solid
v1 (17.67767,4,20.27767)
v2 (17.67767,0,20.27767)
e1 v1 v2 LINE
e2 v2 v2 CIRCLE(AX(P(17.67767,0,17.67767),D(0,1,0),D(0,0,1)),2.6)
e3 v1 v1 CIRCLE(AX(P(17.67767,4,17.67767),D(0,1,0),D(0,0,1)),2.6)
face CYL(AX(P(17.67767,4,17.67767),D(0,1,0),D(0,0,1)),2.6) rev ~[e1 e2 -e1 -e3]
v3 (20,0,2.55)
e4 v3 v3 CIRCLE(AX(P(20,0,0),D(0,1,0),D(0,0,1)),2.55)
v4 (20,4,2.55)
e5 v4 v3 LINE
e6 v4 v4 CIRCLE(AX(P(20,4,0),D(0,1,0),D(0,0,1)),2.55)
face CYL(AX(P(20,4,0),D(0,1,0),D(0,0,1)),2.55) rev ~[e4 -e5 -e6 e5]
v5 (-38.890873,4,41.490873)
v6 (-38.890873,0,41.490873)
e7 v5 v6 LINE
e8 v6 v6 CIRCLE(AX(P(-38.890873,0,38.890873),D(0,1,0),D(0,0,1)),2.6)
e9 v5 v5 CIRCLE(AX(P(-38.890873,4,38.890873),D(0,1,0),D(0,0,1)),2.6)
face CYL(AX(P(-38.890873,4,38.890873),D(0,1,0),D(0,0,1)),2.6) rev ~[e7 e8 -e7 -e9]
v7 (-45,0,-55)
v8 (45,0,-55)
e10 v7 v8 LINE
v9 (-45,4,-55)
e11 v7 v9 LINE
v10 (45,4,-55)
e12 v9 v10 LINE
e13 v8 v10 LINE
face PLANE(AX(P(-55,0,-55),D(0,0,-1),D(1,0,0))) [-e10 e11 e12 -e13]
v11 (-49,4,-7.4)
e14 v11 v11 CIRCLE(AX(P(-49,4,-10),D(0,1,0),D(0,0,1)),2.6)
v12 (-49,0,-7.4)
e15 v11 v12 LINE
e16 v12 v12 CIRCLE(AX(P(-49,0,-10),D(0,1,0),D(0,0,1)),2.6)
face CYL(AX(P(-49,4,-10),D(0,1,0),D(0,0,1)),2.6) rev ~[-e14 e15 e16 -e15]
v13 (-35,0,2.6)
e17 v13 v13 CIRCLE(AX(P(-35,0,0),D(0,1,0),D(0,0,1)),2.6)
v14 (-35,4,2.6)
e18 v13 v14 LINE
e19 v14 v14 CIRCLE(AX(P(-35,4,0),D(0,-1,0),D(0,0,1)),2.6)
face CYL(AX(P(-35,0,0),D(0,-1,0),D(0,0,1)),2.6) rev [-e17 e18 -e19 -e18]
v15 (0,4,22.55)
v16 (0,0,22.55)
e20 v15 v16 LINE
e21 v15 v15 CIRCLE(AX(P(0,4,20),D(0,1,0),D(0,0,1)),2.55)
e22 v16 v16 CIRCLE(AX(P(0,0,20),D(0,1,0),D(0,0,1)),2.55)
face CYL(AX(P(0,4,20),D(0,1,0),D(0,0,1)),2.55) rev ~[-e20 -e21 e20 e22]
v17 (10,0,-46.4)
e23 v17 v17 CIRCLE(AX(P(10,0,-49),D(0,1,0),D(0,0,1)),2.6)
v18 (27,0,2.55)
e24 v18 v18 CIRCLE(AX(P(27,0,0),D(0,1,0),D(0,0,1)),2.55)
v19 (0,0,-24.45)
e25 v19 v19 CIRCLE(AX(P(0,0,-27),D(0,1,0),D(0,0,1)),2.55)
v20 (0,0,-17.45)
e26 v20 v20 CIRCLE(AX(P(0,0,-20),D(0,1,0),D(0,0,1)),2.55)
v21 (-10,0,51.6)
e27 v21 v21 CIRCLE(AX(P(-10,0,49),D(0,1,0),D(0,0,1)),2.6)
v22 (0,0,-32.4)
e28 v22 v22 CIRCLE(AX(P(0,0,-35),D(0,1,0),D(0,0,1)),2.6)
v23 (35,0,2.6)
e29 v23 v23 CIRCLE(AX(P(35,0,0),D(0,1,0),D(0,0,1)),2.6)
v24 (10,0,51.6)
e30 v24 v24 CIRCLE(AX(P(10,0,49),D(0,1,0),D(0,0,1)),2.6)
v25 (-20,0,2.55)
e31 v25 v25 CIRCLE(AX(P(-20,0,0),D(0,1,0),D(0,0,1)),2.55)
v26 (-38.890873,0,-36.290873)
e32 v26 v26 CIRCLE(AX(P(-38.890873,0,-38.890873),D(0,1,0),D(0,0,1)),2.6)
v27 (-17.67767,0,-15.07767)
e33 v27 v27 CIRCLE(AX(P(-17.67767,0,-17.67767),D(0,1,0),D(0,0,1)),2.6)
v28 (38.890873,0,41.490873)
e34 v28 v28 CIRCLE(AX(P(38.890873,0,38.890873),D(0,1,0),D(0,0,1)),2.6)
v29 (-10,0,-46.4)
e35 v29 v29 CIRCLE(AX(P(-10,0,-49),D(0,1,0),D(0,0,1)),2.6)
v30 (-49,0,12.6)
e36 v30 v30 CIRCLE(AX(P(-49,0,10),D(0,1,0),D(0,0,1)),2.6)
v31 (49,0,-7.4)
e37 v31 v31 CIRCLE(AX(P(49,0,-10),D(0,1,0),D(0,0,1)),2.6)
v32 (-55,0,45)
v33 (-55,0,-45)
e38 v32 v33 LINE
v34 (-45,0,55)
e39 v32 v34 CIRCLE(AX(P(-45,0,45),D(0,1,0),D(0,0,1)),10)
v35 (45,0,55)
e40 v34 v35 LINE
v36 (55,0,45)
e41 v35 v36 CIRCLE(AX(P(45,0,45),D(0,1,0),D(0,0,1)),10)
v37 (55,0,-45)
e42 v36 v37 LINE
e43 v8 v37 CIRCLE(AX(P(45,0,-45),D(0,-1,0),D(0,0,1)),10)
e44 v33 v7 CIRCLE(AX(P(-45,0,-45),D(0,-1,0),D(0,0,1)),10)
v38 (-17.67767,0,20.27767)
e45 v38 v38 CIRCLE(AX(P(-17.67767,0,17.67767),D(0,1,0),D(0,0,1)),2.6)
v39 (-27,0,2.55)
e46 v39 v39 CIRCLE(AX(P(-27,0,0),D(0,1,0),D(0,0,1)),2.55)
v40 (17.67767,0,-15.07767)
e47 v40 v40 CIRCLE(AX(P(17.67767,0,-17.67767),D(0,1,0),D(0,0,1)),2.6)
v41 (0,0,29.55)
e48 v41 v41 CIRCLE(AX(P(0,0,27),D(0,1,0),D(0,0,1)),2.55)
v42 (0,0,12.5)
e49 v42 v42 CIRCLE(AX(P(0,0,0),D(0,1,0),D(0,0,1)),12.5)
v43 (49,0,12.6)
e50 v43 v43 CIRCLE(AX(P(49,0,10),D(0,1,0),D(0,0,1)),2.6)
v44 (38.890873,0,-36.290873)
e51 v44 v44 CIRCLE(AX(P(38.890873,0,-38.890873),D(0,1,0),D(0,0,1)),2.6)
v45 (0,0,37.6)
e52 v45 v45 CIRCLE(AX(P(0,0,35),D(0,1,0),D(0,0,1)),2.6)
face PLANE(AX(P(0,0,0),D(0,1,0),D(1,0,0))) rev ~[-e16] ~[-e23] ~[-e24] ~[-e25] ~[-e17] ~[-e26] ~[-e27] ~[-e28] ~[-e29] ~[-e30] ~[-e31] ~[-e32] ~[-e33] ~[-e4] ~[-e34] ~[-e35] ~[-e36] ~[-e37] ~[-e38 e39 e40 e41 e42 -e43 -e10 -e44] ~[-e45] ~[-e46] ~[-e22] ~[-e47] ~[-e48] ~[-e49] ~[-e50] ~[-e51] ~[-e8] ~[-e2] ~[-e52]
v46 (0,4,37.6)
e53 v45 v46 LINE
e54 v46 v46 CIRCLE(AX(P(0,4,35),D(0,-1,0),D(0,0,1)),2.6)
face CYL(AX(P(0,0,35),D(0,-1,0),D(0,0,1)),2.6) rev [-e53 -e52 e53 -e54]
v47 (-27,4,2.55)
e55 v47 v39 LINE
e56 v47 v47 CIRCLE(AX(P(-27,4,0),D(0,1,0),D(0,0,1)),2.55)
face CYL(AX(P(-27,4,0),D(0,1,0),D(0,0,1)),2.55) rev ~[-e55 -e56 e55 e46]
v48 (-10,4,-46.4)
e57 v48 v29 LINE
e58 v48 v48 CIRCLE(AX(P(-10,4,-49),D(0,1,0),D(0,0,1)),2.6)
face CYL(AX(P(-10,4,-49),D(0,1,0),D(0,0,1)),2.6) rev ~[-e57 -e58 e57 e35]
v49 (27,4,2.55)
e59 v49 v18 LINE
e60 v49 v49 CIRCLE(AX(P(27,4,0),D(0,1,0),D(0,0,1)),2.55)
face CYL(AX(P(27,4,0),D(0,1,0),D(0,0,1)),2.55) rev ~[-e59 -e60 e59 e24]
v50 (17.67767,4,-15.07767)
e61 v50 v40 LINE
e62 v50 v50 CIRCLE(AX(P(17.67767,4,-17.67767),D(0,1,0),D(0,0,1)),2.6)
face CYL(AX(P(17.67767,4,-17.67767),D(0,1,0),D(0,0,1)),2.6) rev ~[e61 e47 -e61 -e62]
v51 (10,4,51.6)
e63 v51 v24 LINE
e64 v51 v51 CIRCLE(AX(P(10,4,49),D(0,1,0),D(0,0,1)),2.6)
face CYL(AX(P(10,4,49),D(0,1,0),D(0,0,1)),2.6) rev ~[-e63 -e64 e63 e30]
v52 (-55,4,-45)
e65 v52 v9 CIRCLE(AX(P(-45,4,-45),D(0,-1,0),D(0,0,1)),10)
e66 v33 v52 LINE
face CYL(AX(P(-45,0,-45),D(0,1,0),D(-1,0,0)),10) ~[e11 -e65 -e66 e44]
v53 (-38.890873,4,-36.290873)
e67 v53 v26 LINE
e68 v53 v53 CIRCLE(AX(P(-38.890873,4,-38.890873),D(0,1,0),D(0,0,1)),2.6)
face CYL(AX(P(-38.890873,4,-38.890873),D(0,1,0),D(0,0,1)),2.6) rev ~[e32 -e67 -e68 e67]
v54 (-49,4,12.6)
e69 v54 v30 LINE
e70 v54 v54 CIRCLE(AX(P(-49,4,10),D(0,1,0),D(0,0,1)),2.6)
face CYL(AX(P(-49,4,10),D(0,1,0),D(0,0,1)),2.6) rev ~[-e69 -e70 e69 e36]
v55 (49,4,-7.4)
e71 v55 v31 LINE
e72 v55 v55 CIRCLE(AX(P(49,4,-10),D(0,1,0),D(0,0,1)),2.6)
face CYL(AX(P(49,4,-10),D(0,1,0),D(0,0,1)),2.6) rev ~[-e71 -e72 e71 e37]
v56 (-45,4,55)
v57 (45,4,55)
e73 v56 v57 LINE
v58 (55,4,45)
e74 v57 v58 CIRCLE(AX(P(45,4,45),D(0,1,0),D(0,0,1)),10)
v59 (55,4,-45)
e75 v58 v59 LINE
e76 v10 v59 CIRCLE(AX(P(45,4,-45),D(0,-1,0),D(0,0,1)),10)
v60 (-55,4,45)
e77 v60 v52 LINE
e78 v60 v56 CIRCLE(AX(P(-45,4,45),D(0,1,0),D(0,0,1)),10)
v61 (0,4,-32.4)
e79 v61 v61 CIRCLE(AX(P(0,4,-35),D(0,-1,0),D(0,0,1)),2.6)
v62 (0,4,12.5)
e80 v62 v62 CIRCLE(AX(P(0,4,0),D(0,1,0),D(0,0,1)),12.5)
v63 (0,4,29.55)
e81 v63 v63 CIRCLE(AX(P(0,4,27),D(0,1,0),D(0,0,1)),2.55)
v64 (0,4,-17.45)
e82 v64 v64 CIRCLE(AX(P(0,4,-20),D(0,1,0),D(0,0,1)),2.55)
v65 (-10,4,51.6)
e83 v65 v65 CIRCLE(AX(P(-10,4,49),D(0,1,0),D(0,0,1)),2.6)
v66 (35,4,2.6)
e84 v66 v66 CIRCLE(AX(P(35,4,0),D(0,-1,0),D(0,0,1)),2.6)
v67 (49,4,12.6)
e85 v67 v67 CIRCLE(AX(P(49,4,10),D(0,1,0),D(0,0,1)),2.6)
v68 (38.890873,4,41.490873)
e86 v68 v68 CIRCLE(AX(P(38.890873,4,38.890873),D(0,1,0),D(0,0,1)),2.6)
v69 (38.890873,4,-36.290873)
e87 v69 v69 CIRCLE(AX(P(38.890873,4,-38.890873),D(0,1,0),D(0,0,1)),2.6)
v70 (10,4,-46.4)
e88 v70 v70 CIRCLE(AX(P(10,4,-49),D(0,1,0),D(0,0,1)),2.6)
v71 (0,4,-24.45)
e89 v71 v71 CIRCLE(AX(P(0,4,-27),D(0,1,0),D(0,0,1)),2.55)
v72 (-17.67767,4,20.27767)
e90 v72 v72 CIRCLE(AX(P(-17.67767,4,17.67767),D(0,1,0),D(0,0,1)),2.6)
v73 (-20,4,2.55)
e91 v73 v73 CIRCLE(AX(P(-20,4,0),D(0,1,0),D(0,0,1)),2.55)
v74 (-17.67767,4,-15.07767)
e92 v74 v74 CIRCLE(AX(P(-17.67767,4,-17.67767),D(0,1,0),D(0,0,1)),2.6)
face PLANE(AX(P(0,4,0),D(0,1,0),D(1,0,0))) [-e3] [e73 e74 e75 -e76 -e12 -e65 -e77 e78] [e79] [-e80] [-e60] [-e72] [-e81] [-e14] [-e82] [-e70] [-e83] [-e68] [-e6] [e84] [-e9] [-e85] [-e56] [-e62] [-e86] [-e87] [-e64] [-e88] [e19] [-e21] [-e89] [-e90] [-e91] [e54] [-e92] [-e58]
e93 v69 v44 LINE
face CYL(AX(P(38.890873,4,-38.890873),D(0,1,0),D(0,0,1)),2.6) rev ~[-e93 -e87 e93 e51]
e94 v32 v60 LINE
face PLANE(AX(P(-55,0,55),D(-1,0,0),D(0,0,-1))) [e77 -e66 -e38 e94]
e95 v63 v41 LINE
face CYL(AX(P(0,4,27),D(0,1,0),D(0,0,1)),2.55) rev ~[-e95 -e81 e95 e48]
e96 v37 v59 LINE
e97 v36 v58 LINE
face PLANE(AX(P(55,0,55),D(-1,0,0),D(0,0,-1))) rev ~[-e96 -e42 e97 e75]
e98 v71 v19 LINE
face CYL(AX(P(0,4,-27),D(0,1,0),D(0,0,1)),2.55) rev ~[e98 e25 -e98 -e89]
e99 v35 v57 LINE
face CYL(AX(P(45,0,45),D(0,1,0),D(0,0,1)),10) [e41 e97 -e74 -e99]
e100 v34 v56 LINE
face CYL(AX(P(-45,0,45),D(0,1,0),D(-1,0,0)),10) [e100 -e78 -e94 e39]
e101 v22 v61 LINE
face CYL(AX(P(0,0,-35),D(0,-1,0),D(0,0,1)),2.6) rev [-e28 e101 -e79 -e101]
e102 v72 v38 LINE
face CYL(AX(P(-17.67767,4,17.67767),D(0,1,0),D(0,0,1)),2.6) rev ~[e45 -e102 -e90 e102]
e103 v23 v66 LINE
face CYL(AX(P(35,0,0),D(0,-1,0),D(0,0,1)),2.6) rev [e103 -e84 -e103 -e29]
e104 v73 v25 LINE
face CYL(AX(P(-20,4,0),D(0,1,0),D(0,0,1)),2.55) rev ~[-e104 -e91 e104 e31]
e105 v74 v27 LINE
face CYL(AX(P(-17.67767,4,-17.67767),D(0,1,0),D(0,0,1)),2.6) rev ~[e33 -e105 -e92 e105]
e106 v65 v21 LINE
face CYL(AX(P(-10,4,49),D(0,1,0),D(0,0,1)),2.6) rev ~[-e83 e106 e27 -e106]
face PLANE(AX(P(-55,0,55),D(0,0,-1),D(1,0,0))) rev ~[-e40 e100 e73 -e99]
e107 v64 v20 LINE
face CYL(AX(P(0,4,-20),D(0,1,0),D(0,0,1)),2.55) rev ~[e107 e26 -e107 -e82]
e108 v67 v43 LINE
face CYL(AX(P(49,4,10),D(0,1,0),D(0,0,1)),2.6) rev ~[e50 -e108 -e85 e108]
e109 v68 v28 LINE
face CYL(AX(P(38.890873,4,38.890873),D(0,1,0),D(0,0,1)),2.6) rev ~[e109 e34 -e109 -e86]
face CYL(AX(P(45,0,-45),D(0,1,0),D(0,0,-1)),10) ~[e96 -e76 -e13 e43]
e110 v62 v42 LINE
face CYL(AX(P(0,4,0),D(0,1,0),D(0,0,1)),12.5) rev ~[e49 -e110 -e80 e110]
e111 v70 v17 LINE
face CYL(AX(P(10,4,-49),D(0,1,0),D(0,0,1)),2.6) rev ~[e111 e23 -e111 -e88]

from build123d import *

# Parameters (mm, degrees)
SKETCH_1_W          = 110
SKETCH_1_H          = 110
EXTRUDE_1_DEPTH     = 4
SKETCH_2_R          = 2.6
CUT_EXTRUDE_1_DEPTH = 78.884529914
SKETCH_3_R          = 2.55
CUT_EXTRUDE_2_DEPTH = 78.884529914
SKETCH_4_R          = 2.6
CUT_EXTRUDE_3_DEPTH = 78.884529914
SKETCH_6_R          = 2.6
CUT_EXTRUDE_4_DEPTH = 10
SKETCH_7_R          = 2.6
CUT_EXTRUDE_5_DEPTH = 78.884529914
SKETCH_8_R          = 2.55
CUT_EXTRUDE_6_DEPTH = 78.884529914
SKETCH_9_R          = 12.5
CUT_EXTRUDE_7_DEPTH = 78.884529914
FILLET_1_R          = 10


with BuildPart() as part:
    # 草图1 → 凸台-拉伸1 (new body)
    with BuildSketch(Plane(origin=(0, 0, 0), x_dir=(1, 0, 0), z_dir=(0, 1, 0))):
        Rectangle(SKETCH_1_W, SKETCH_1_H)
    extrude(amount=EXTRUDE_1_DEPTH)

    # 草图2 → 切除-拉伸1 (cut, through all)
    with BuildSketch(Plane(origin=(0, 0, 0), x_dir=(1, 0, 0), z_dir=(0, 1, 0))):
        with Locations(Location((0, 35, 0), (0, 0, 270))):
            Circle(SKETCH_2_R)
        with Locations(Location((35, 0, 0), (0, 0, 270))):
            Circle(SKETCH_2_R)
        with Locations(Location((0, -35, 0), (0, 0, 270))):
            Circle(SKETCH_2_R)
        with Locations(Location((-35, 0, 0), (0, 0, 270))):
            Circle(SKETCH_2_R)
    extrude(amount=CUT_EXTRUDE_1_DEPTH, mode=Mode.SUBTRACT)

    # 草图3 → 切除-拉伸2 (cut, through all)
    with BuildSketch(Plane(origin=(0, 4, 0), x_dir=(1, 0, 0), z_dir=(0, 1, 0))):
        with Locations(Location((0, 27, 0), (0, 0, 270))):
            Circle(SKETCH_3_R)
        with Locations(Location((27, 0, 0), (0, 0, 270))):
            Circle(SKETCH_3_R)
        with Locations(Location((0, -27, 0), (0, 0, 270))):
            Circle(SKETCH_3_R)
        with Locations(Location((-27, 0, 0), (0, 0, 270))):
            Circle(SKETCH_3_R)
    extrude(amount=-CUT_EXTRUDE_2_DEPTH, mode=Mode.SUBTRACT)

    # 草图4 → 切除-拉伸3 (cut, through all)
    with BuildSketch(Plane(origin=(0, 4, 0), x_dir=(1, 0, 0), z_dir=(0, 1, 0))):
        with Locations(Location((-10, 49, 0), (0, 0, 270))):
            Circle(SKETCH_4_R)
        with Locations(Location((10, 49, 0), (0, 0, 270))):
            Circle(SKETCH_4_R)
        with Locations(Location((49, 10, 0), (0, 0, 270))):
            Circle(SKETCH_4_R)
        with Locations(Location((49, -10, 0), (0, 0, 270))):
            Circle(SKETCH_4_R)
        with Locations(Location((10, -49, 0), (0, 0, 270))):
            Circle(SKETCH_4_R)
        with Locations(Location((-10, -49, 0), (0, 0, 270))):
            Circle(SKETCH_4_R)
        with Locations(Location((-49, -10, 0), (0, 0, 270))):
            Circle(SKETCH_4_R)
        with Locations(Location((-49, 10, 0), (0, 0, 270))):
            Circle(SKETCH_4_R)
    extrude(amount=-CUT_EXTRUDE_3_DEPTH, mode=Mode.SUBTRACT)

    # 草图6 → 切除-拉伸4 (cut)
    with BuildSketch(Plane(origin=(0, 4, 0), x_dir=(1, 0, 0), z_dir=(0, 1, 0))):
        with Locations(Location((-38.890872965, 38.890872965, 0), (0, 0, 270))):
            Circle(SKETCH_6_R)
        with Locations(Location((38.890872965, 38.890872965, 0), (0, 0, 270))):
            Circle(SKETCH_6_R)
        with Locations(Location((38.890872965, -38.890872965, 0), (0, 0, 270))):
            Circle(SKETCH_6_R)
        with Locations(Location((-38.890872965, -38.890872965, 0), (0, 0, 270))):
            Circle(SKETCH_6_R)
    extrude(amount=-CUT_EXTRUDE_4_DEPTH, mode=Mode.SUBTRACT)

    # 草图7 → 切除-拉伸5 (cut, through all)
    with BuildSketch(Plane(origin=(0, 4, 0), x_dir=(1, 0, 0), z_dir=(0, 1, 0))):
        with Locations(Location((-17.67766953, 17.67766953, 0), (0, 0, 270))):
            Circle(SKETCH_7_R)
        with Locations(Location((17.67766953, 17.67766953, 0), (0, 0, 270))):
            Circle(SKETCH_7_R)
        with Locations(Location((17.67766953, -17.67766953, 0), (0, 0, 270))):
            Circle(SKETCH_7_R)
        with Locations(Location((-17.67766953, -17.67766953, 0), (0, 0, 270))):
            Circle(SKETCH_7_R)
    extrude(amount=-CUT_EXTRUDE_5_DEPTH, mode=Mode.SUBTRACT)

    # 草图8 → 切除-拉伸6 (cut, through all)
    with BuildSketch(Plane(origin=(0, 4, 0), x_dir=(1, 0, 0), z_dir=(0, 1, 0))):
        with Locations(Location((0, 20, 0), (0, 0, 270))):
            Circle(SKETCH_8_R)
        with Locations(Location((20, 0, 0), (0, 0, 270))):
            Circle(SKETCH_8_R)
        with Locations(Location((0, -20, 0), (0, 0, 270))):
            Circle(SKETCH_8_R)
        with Locations(Location((-20, 0, 0), (0, 0, 270))):
            Circle(SKETCH_8_R)
    extrude(amount=-CUT_EXTRUDE_6_DEPTH, mode=Mode.SUBTRACT)

    # 草图9 → 切除-拉伸7 (cut, through all)
    with BuildSketch(Plane(origin=(0, 4, 0), x_dir=(1, 0, 0), z_dir=(0, 1, 0))):
        with Locations(Location((0, 0, 0), (0, 0, 270))):
            Circle(SKETCH_9_R)
    extrude(amount=-CUT_EXTRUDE_7_DEPTH, mode=Mode.SUBTRACT)

    # 圆角1
    fillet_1_edges = [part.edges().sort_by_distance(p)[0] for p in [
        (55, 2, 55),
        (-55, 2, 55),
        (-55, 2, -55),
        (55, 2, -55),
    ]]
    fillet(fillet_1_edges, radius=FILLET_1_R)


solid = part.part
